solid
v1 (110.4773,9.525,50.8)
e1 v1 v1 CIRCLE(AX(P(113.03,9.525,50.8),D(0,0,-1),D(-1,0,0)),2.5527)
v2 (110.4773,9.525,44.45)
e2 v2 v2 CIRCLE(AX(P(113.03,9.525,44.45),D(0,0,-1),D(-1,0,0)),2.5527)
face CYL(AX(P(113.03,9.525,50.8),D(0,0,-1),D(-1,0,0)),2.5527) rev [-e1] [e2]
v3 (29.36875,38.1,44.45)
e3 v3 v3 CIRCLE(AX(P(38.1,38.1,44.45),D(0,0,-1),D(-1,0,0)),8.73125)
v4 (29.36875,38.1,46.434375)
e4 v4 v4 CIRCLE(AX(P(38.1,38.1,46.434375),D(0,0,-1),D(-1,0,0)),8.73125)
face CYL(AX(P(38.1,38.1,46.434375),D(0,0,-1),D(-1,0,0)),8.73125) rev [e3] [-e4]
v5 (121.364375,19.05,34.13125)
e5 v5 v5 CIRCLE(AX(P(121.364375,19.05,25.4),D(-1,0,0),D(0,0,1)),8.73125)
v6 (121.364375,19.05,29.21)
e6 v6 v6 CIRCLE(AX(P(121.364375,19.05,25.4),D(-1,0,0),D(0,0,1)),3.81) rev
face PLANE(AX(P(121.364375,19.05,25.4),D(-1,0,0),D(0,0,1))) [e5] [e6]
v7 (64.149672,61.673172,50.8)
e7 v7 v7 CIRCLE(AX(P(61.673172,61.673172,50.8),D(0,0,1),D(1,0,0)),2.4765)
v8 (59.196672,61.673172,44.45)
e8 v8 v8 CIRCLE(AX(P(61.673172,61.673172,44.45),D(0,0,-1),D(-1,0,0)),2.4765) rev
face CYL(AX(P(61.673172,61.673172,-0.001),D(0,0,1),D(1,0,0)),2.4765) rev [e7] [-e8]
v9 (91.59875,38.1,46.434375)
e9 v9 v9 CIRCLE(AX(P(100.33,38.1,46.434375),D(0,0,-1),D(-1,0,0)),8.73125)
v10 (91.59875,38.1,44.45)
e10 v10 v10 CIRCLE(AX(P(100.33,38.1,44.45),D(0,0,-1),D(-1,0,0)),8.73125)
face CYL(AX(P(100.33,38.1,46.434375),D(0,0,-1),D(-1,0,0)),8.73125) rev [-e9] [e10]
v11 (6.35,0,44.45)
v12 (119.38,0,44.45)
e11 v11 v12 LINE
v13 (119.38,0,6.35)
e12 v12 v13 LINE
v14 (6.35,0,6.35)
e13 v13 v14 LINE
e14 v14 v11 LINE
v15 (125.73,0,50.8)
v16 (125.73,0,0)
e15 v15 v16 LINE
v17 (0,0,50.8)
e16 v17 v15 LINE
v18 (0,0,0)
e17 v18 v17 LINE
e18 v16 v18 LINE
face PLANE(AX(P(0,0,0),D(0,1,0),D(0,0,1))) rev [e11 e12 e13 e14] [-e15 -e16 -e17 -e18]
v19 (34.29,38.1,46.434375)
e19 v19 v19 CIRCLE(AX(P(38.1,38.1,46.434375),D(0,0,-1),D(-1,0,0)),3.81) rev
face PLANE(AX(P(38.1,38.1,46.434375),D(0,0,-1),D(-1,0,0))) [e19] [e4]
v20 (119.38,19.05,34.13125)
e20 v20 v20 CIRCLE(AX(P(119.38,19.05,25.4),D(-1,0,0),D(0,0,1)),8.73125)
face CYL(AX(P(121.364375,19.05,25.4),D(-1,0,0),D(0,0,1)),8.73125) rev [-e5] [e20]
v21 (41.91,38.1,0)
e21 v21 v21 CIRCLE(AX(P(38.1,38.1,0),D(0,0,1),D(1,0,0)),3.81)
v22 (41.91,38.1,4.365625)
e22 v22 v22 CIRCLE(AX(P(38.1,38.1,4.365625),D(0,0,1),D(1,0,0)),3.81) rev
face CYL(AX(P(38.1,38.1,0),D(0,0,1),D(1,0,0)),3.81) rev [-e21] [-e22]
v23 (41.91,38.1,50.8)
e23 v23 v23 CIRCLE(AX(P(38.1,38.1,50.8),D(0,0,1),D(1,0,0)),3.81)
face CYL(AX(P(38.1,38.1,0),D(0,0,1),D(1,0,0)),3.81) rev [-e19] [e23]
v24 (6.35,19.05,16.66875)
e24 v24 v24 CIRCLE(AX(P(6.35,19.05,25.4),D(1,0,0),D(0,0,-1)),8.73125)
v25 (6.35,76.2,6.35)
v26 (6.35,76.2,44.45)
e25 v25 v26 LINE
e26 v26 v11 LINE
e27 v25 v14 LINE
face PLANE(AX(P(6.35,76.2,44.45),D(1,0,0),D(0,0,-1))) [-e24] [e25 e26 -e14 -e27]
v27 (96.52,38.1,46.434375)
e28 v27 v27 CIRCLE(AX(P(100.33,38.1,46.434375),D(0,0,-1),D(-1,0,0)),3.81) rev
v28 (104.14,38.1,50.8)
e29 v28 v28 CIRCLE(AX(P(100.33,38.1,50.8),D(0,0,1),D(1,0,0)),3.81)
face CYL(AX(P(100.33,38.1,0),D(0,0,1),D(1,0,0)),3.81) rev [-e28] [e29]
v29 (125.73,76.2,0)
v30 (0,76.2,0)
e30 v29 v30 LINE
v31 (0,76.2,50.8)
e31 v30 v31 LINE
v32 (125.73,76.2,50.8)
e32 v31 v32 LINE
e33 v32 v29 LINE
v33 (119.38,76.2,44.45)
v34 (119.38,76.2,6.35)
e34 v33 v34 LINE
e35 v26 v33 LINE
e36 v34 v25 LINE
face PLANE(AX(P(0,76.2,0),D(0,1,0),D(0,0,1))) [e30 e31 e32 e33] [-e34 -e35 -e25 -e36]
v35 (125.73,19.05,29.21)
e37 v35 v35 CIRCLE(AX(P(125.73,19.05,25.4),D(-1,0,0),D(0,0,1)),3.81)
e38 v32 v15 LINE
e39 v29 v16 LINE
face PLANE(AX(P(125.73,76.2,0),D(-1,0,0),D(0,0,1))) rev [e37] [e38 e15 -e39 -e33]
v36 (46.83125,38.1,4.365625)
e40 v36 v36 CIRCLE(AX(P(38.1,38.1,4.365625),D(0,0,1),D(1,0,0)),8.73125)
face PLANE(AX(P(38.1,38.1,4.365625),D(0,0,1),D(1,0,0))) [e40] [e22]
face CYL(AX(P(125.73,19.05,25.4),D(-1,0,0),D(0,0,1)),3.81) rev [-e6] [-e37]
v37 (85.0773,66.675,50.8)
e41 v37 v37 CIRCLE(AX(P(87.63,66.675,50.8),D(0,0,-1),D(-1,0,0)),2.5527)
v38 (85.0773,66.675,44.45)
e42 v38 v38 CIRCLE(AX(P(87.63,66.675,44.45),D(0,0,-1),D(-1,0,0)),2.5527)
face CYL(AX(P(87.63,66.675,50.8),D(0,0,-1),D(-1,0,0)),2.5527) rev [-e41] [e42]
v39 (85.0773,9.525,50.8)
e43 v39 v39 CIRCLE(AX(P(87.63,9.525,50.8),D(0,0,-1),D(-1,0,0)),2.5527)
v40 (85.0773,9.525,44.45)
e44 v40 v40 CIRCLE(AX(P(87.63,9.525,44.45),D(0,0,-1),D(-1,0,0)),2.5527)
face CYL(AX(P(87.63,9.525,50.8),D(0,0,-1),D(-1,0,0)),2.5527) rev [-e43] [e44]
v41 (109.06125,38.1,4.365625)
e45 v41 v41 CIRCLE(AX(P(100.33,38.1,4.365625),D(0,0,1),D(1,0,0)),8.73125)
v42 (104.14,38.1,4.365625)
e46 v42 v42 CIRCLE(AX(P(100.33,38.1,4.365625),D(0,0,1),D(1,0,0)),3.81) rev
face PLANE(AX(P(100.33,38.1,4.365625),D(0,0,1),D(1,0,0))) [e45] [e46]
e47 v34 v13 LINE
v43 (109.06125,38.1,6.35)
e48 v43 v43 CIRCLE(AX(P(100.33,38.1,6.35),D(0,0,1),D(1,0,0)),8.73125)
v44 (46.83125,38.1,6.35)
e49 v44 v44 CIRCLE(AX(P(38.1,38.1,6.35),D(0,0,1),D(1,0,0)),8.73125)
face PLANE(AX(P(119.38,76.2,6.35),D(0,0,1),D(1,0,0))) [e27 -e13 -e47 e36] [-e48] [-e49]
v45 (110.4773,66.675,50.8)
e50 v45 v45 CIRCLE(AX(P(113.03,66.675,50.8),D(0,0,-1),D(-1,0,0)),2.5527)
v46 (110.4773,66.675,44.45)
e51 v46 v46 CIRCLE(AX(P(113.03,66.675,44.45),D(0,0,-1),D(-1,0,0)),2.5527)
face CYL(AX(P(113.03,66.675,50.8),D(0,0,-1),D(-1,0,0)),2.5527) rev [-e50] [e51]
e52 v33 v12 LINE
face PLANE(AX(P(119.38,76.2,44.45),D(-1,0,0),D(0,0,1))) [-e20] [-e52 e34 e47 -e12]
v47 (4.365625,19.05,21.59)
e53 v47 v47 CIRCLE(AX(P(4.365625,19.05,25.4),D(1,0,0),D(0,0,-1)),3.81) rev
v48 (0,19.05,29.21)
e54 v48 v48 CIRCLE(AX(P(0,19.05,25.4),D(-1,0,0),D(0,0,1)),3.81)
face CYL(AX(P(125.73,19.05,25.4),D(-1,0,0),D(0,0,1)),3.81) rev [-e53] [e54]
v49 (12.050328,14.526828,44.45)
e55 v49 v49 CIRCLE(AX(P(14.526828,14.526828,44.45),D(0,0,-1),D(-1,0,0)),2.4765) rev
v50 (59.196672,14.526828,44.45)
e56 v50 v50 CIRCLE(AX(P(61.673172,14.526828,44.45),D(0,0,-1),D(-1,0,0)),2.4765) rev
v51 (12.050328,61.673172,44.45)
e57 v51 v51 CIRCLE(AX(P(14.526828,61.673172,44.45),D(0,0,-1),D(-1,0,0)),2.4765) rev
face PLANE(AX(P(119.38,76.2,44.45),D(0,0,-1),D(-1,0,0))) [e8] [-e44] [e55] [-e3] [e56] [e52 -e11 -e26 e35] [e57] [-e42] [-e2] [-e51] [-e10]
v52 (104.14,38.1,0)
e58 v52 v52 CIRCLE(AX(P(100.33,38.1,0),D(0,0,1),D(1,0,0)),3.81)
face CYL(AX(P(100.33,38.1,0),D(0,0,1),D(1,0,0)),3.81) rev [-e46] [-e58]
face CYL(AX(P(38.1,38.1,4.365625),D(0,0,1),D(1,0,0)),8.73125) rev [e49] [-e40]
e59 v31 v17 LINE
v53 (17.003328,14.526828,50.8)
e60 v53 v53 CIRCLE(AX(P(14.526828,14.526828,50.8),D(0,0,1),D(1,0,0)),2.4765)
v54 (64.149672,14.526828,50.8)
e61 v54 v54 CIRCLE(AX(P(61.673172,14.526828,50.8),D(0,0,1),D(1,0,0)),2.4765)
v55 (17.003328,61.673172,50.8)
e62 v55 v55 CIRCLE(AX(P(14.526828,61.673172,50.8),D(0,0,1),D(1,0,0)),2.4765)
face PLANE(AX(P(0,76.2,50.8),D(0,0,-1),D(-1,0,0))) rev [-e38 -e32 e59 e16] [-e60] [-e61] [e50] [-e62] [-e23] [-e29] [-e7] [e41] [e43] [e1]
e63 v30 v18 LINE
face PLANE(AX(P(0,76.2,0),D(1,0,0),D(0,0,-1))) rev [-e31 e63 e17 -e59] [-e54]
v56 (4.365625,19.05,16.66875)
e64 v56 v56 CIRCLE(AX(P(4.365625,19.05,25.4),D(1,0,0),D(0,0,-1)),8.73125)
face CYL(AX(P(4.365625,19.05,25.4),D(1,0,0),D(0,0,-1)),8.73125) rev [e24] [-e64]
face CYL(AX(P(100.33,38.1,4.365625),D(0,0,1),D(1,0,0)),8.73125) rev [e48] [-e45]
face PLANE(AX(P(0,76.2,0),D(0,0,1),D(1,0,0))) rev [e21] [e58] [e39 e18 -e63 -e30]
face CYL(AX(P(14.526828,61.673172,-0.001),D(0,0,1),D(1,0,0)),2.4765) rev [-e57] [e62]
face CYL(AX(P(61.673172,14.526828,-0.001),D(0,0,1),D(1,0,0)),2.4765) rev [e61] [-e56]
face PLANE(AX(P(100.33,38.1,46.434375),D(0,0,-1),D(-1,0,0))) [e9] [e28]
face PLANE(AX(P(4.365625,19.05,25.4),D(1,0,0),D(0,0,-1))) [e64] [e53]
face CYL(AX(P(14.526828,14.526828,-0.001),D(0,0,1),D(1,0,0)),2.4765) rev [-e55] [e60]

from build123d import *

# Parameters (mm, degrees)
SKETCH1_W           = 125.73
SKETCH1_H           = 50.8
SKETCH1_W_2         = 113.03
SKETCH1_H_2         = 38.1
BOSS_EXTRUDE1_DEPTH = 76.2
CUT_EXTRUDE1_REACH  = 157.548
SKETCH2_R           = 2.4765
SKETCH2_5_R         = 3.81
CUT_EXTRUDE2_DEPTH  = 156.547783334
SKETCH5_R           = 3.81
CUT_EXTRUDE4_DEPTH  = 156.547783334
SKETCH6_R           = 3.81
CUT_EXTRUDE5_DEPTH  = 156.547783334
SKETCH7_R           = 8.73125
CUT_EXTRUDE6_DEPTH  = 1.984375
SKETCH8_R           = 8.73125
CUT_EXTRUDE7_DEPTH  = 1.984375
CUT_EXTRUDE8_START  = -1.984375
SKETCH9_R           = 8.73125
CUT_EXTRUDE8_DEPTH  = 1.984375
CUT_EXTRUDE9_START  = -1.984375
SKETCH10_R          = 8.73125
CUT_EXTRUDE9_DEPTH  = 1.984375
SKETCH12_R          = 2.5527
CUT_EXTRUDE11_DEPTH = 154.591260819


with BuildPart() as part:
    # Sketch1 → Boss-Extrude1 (new body)
    with BuildSketch(Plane(origin=(0, 0, 0), x_dir=(1, 0, 0), z_dir=(0, 1, 0))):
        with Locations((62.865, -25.4)):
            Rectangle(SKETCH1_W, SKETCH1_H)
        with Locations((62.865, -25.4)):
            Rectangle(SKETCH1_W_2, SKETCH1_H_2, mode=Mode.SUBTRACT)
    extrude(amount=BOSS_EXTRUDE1_DEPTH)

    # Sketch2 → Cut-Extrude1 (cut, up to next)
    with BuildSketch(Plane.XY.offset(50.8), mode=Mode.PRIVATE) as cut_extrude1_sk1:
        with Locations((14.526827682, 61.673172318)):
            Circle(SKETCH2_R)
    cut_extrude1_tool1 = extrude(cut_extrude1_sk1.sketch, amount=-CUT_EXTRUDE1_REACH, mode=Mode.PRIVATE) & part.part
    # Sketch2 → Cut-Extrude1 (cut, up to next)
    with BuildSketch(Plane.XY.offset(50.8), mode=Mode.PRIVATE) as cut_extrude1_sk2:
        with Locations((61.673172318, 61.673172318)):
            Circle(SKETCH2_R)
    cut_extrude1_tool2 = extrude(cut_extrude1_sk2.sketch, amount=-CUT_EXTRUDE1_REACH, mode=Mode.PRIVATE) & part.part
    # Sketch2 → Cut-Extrude1 (cut, up to next)
    with BuildSketch(Plane.XY.offset(50.8), mode=Mode.PRIVATE) as cut_extrude1_sk3:
        with Locations((61.673172318, 14.526827682)):
            Circle(SKETCH2_R)
    cut_extrude1_tool3 = extrude(cut_extrude1_sk3.sketch, amount=-CUT_EXTRUDE1_REACH, mode=Mode.PRIVATE) & part.part
    # Sketch2 → Cut-Extrude1 (cut, up to next)
    with BuildSketch(Plane.XY.offset(50.8), mode=Mode.PRIVATE) as cut_extrude1_sk4:
        with Locations((14.526827682, 14.526827682)):
            Circle(SKETCH2_R)
    cut_extrude1_tool4 = extrude(cut_extrude1_sk4.sketch, amount=-CUT_EXTRUDE1_REACH, mode=Mode.PRIVATE) & part.part
    add(cut_extrude1_tool1.solids().sort_by_distance((14.526828, 61.673172, 50.8))[0], mode=Mode.SUBTRACT)
    add(cut_extrude1_tool2.solids().sort_by_distance((61.673172, 61.673172, 50.8))[0], mode=Mode.SUBTRACT)
    add(cut_extrude1_tool3.solids().sort_by_distance((61.673172, 14.526828, 50.8))[0], mode=Mode.SUBTRACT)
    add(cut_extrude1_tool4.solids().sort_by_distance((14.526828, 14.526828, 50.8))[0], mode=Mode.SUBTRACT)

    # Sketch2<5> → Cut-Extrude2 (cut, through all)
    with BuildSketch(Plane.XY.offset(50.8)):
        with Locations((38.1, 38.1)):
            Circle(SKETCH2_5_R)
    extrude(amount=-CUT_EXTRUDE2_DEPTH, mode=Mode.SUBTRACT)

    # Sketch5 → Cut-Extrude4 (cut, through all)
    with BuildSketch(Plane.XY.offset(50.8)):
        with Locations((100.33, 38.1)):
            Circle(SKETCH5_R)
    extrude(amount=-CUT_EXTRUDE4_DEPTH, mode=Mode.SUBTRACT)

    # Sketch6 → Cut-Extrude5 (cut, through all)
    with BuildSketch(Plane.ZY):
        with Locations((25.4, 19.05)):
            Circle(SKETCH6_R)
    extrude(amount=-CUT_EXTRUDE5_DEPTH, mode=Mode.SUBTRACT)

    # Sketch7 → Cut-Extrude6 (cut)
    with BuildSketch(Plane(origin=(6.35, 0, 0), x_dir=(0, 0, -1), z_dir=(1, 0, 0))):
        with Locations((-25.4, 19.05)):
            Circle(SKETCH7_R)
    extrude(amount=-CUT_EXTRUDE6_DEPTH, mode=Mode.SUBTRACT)

    # Sketch8 → Cut-Extrude7 (cut)
    with BuildSketch(Plane(origin=(0, 0, 44.45), x_dir=(-1, 0, 0), z_dir=(0, 0, -1))):
        with Locations((-38.1, 38.1)):
            Circle(SKETCH8_R)
        with Locations((-100.33, 38.1)):
            Circle(SKETCH8_R)
    extrude(amount=-CUT_EXTRUDE7_DEPTH, mode=Mode.SUBTRACT)

    # Sketch9 → Cut-Extrude8 (cut)
    with BuildSketch(Plane.ZY.offset(-119.38).offset(CUT_EXTRUDE8_START)):
        with Locations((25.4, 19.05)):
            Circle(SKETCH9_R)
    extrude(amount=CUT_EXTRUDE8_DEPTH, mode=Mode.SUBTRACT)

    # Sketch10 → Cut-Extrude9 (cut)
    with BuildSketch(Plane.XY.offset(6.35).offset(CUT_EXTRUDE9_START)):
        with Locations((38.1, 38.1)):
            Circle(SKETCH10_R)
        with Locations((100.33, 38.1)):
            Circle(SKETCH10_R)
    extrude(amount=CUT_EXTRUDE9_DEPTH, mode=Mode.SUBTRACT)

    # Sketch12 → Cut-Extrude11 (cut, through all)
    with BuildSketch(Plane(origin=(0, 0, 44.45), x_dir=(-1, 0, 0), z_dir=(0, 0, -1))):
        with Locations((-87.63, 9.525)):
            Circle(SKETCH12_R)
        with Locations((-113.03, 9.525)):
            Circle(SKETCH12_R)
        with Locations((-113.03, 66.675)):
            Circle(SKETCH12_R)
        with Locations((-87.63, 66.675)):
            Circle(SKETCH12_R)
    extrude(amount=-CUT_EXTRUDE11_DEPTH, mode=Mode.SUBTRACT)


solid = part.part
